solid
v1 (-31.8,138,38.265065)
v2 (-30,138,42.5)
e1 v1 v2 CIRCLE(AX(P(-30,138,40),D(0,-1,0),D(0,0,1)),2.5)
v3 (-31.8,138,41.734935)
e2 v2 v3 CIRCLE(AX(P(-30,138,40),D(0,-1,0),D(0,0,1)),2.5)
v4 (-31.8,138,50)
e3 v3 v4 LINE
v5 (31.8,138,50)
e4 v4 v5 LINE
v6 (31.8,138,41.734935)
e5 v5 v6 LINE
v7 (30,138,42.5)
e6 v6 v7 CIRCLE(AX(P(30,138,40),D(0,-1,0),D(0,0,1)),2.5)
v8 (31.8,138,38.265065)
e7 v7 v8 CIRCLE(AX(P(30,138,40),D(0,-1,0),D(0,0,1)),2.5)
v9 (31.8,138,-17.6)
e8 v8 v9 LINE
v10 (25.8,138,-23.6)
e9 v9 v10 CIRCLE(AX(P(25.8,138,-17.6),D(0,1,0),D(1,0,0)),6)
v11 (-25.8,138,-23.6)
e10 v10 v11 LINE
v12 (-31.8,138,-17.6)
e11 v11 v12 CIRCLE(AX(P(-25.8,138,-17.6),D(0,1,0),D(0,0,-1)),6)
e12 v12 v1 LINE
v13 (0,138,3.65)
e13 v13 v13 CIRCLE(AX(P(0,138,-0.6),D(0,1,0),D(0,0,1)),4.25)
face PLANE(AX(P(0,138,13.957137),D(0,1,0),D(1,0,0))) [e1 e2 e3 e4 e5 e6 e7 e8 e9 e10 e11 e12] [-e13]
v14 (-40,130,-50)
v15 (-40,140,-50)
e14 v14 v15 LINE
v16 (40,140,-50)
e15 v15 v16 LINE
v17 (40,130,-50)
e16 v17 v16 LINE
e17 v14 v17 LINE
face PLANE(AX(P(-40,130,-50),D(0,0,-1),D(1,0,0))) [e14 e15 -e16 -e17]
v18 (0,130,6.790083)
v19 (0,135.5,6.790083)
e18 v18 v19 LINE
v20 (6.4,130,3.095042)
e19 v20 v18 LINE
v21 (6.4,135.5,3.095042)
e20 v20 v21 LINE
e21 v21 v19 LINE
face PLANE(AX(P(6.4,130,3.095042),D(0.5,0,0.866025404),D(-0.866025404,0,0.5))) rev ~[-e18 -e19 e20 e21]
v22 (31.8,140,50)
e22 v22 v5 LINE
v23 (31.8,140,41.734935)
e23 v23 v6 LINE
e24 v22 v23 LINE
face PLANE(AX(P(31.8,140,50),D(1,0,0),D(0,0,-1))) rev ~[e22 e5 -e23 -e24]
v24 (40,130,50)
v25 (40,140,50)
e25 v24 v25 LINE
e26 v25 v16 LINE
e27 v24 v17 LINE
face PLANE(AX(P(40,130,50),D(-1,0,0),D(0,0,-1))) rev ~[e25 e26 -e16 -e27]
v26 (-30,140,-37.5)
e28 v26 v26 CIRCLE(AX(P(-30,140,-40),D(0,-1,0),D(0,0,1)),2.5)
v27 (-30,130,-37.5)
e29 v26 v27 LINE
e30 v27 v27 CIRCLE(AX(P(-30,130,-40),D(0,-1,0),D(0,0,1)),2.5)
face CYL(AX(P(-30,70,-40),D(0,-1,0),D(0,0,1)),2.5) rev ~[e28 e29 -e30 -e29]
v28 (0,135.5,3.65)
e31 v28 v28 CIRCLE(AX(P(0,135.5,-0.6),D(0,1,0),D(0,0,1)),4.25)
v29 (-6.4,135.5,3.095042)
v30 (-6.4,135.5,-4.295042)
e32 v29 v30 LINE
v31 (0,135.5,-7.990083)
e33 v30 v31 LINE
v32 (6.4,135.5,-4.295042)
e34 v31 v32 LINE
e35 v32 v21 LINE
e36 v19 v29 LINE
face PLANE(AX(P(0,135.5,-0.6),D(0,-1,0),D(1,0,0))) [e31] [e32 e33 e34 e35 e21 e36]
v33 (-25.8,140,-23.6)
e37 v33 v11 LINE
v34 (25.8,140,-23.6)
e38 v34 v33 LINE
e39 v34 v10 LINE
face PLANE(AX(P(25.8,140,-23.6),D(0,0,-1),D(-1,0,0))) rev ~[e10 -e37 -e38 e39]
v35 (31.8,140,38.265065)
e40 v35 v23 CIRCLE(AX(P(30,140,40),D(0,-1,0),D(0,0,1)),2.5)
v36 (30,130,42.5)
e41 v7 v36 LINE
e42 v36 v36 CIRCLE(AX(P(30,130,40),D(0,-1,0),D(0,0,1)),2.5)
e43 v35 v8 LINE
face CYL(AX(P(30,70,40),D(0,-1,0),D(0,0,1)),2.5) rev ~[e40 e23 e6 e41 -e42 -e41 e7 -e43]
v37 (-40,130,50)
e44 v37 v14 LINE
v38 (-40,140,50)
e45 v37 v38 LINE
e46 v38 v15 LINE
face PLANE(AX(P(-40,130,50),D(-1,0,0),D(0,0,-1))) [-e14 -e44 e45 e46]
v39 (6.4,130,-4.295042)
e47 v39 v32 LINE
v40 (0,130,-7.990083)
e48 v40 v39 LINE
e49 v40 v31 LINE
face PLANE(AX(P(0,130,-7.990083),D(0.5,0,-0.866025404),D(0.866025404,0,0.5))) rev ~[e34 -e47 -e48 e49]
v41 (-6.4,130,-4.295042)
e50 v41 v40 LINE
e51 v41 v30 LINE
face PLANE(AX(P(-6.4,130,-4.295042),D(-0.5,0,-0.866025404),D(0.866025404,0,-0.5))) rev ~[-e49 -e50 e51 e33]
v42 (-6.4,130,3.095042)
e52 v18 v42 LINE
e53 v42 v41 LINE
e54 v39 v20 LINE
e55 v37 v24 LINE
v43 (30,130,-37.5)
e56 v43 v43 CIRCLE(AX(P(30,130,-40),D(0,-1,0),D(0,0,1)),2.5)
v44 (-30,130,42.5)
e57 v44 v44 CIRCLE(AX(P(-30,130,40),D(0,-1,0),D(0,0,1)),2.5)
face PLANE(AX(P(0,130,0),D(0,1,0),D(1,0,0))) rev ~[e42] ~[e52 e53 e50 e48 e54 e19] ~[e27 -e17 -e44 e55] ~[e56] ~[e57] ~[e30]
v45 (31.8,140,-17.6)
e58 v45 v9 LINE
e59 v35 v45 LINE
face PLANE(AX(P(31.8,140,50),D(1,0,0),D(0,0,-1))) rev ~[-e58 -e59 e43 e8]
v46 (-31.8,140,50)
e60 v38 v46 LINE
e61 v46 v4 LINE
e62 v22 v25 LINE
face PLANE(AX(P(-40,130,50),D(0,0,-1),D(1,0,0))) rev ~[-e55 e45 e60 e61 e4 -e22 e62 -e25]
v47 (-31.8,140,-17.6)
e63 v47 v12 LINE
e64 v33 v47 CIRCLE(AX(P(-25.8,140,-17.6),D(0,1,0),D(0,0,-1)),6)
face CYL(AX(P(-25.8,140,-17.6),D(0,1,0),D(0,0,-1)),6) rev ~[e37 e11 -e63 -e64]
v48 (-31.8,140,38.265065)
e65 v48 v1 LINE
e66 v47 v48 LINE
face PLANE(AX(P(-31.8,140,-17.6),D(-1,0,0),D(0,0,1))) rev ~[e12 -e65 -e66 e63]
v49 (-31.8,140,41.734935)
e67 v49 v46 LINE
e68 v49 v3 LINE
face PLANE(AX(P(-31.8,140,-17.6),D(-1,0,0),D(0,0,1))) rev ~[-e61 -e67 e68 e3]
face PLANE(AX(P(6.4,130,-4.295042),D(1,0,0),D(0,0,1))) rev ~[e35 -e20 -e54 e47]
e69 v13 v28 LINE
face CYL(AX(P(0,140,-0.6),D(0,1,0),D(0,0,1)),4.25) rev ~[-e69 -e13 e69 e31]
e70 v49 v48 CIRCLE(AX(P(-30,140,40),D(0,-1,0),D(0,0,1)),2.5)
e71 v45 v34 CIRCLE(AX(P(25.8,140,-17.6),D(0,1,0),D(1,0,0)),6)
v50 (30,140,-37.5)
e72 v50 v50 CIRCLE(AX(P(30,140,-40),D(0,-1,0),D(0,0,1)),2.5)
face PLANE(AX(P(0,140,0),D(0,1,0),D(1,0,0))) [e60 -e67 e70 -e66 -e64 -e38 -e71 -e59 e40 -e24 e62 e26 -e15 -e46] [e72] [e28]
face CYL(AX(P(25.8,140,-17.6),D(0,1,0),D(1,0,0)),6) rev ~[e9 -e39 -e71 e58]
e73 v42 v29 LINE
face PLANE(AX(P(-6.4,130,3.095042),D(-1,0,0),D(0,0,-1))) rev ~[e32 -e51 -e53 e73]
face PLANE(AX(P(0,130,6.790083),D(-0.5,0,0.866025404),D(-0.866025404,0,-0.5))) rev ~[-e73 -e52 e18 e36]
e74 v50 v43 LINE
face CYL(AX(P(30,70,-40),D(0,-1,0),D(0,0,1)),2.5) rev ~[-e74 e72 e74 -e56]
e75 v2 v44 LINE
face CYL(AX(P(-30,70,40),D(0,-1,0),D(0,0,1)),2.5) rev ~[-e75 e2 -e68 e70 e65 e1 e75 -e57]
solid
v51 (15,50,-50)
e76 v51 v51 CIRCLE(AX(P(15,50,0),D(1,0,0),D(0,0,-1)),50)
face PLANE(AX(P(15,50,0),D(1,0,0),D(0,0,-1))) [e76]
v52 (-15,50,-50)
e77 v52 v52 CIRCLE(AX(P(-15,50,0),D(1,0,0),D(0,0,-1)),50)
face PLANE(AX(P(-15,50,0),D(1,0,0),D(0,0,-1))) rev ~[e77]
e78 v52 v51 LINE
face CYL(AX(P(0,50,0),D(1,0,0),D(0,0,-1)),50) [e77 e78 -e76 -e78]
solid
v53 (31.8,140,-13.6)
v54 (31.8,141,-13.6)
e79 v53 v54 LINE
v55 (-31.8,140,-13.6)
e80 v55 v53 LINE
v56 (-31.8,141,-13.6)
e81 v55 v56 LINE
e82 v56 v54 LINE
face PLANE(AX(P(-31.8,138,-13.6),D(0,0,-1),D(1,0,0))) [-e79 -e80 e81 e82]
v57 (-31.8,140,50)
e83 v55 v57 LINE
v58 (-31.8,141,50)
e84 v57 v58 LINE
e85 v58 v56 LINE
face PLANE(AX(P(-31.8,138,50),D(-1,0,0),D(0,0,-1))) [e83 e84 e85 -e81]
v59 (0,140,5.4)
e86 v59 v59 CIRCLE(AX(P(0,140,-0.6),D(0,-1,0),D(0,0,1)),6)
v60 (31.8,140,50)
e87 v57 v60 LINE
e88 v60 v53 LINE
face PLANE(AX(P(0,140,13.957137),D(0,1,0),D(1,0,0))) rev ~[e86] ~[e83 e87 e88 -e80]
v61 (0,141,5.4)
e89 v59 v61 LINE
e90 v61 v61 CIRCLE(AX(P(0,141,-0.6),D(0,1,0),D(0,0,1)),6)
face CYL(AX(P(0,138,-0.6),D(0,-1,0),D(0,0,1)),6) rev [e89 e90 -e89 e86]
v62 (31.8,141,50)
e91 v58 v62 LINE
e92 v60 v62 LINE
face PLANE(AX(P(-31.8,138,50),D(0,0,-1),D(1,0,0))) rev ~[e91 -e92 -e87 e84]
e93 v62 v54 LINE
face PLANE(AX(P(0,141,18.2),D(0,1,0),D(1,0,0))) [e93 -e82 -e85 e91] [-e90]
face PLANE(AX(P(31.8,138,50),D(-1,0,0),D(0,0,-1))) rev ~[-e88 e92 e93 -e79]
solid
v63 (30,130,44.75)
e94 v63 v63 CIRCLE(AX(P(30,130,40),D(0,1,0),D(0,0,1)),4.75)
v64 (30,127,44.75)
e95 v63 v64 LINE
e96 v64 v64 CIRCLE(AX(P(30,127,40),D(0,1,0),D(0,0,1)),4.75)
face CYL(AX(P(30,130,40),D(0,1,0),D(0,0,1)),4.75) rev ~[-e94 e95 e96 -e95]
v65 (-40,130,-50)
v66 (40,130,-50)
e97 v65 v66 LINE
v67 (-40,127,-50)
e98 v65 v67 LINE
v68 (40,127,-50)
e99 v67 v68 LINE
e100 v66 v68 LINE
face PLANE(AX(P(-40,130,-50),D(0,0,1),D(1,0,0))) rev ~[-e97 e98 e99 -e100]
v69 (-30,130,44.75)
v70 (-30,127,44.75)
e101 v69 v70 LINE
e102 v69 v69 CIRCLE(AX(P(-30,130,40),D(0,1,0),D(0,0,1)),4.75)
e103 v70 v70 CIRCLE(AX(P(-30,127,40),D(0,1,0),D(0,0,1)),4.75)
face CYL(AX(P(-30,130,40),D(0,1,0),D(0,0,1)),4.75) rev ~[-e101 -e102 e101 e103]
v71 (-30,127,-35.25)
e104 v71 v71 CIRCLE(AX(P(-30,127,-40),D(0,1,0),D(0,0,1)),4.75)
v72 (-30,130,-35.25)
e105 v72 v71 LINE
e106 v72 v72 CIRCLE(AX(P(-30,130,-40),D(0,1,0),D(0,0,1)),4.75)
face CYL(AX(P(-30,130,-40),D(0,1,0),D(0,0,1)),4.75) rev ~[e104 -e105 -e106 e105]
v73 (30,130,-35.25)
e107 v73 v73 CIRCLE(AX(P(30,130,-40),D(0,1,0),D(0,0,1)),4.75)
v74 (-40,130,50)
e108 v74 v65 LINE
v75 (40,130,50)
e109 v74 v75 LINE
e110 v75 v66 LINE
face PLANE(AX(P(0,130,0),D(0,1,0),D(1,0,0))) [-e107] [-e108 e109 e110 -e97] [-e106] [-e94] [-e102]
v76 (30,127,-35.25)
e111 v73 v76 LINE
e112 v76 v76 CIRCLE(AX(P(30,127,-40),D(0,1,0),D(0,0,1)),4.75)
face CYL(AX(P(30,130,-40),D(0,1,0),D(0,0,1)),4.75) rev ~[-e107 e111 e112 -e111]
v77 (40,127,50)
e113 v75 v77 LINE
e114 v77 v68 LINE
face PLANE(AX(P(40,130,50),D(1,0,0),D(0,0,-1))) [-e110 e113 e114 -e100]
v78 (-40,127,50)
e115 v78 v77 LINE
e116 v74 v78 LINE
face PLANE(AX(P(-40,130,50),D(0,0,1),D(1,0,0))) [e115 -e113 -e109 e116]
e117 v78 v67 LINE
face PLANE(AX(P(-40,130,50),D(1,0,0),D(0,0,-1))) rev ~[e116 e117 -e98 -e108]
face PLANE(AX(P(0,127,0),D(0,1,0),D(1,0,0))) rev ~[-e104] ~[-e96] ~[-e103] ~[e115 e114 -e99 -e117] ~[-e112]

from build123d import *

# Parameters (mm, degrees)
SKETCH1_R                  = 50
BOSS_EXTRUDE1_DEPTH        = 15
BOSS_EXTRUDE2_START        = 130
SKETCH2_W                  = 80
SKETCH2_H                  = 100
SKETCH2_R                  = 4.75
BOSS_EXTRUDE2_DEPTH        = 3
BOSS_EXTRUDE3_START        = 8
SKETCH3_W                  = 63.6
SKETCH3_H                  = 63.6
SKETCH3_R                  = 6
BOSS_EXTRUDE3_DEPTH        = 3
SKETCH4_W                  = 80
SKETCH4_H                  = 100
BOSS_EXTRUDE4_DEPTH        = 10
SKETCH6_W                  = 2.5
SKETCH6_H                  = 140
M6_TAPPED_HOLE1_AT_2_COUNT = 2
M6_TAPPED_HOLE1_AT_2_PITCH = 60
M6_TAPPED_HOLE1_AT_3_COUNT = 2
M6_TAPPED_HOLE1_AT_3_PITCH = 80
M6_TAPPED_HOLE1_AT_4_COUNT = 2
M6_TAPPED_HOLE1_AT_4_PITCH = 100
SKETCH7_R                  = 4.25
CUT_EXTRUDE1_DEPTH         = 154.948043183
CUT_EXTRUDE2_DEPTH         = 2
CUT_EXTRUDE3_DEPTH         = 5.5


with BuildPart() as part:
    # Sketch1 → Boss-Extrude1 (new, symmetric)
    with BuildSketch(Plane(origin=(0, 0, 0), x_dir=(0, 0, -1), z_dir=(1, 0, 0))):
        with Locations((0, 50)):
            Circle(SKETCH1_R)
    extrude(amount=BOSS_EXTRUDE1_DEPTH, both=True)


with BuildPart() as body_2:
    # Sketch2 → Boss-Extrude2 (new body)
    with BuildSketch(Plane(origin=(0, 0, 0), x_dir=(1, 0, 0), z_dir=(0, 1, 0)).offset(BOSS_EXTRUDE2_START)):
        Rectangle(SKETCH2_W, SKETCH2_H)
        with Locations(Location((-30, 40, 0), (0, 0, 270))):
            Circle(SKETCH2_R, mode=Mode.SUBTRACT)
        with Locations(Location((30, 40, 0), (0, 0, 270))):
            Circle(SKETCH2_R, mode=Mode.SUBTRACT)
        with Locations(Location((-30, -40, 0), (0, 0, 270))):
            Circle(SKETCH2_R, mode=Mode.SUBTRACT)
        with Locations(Location((30, -40, 0), (0, 0, 270))):
            Circle(SKETCH2_R, mode=Mode.SUBTRACT)
    extrude(amount=-BOSS_EXTRUDE2_DEPTH)


with BuildPart() as body_3:
    # Sketch3 → Boss-Extrude3 (new body)
    with BuildSketch(Plane(origin=(0, 130, 0), x_dir=(1, 0, 0), z_dir=(0, 1, 0)).offset(BOSS_EXTRUDE3_START)):
        with Locations((0, -18.2)):
            Rectangle(SKETCH3_W, SKETCH3_H)
        with Locations(Location((0, 0.6, 0), (0, 0, 270))):
            Circle(SKETCH3_R, mode=Mode.SUBTRACT)
    extrude(amount=BOSS_EXTRUDE3_DEPTH)


with BuildPart() as body_4:
    # Sketch4 → Boss-Extrude4 (new body)
    with BuildSketch(Plane(origin=(0, 130, 0), x_dir=(1, 0, 0), z_dir=(0, 1, 0))):
        Rectangle(SKETCH4_W, SKETCH4_H)
    extrude(amount=BOSS_EXTRUDE4_DEPTH)

    # Sketch6 → M6 Tapped Hole1 (revolve, cut)
    with BuildSketch(Plane(origin=(-30, 140, -40), x_dir=(0, 0, 1), z_dir=(1, 0, 0))):
        with Locations((1.25, 70)):
            Rectangle(SKETCH6_W, SKETCH6_H)
    m6_tapped_hole1 = revolve(axis=Axis((-30, 146.35, -40), (0, -1, 0)), mode=Mode.SUBTRACT)

    # M6 Tapped Hole1 at 2: M6 Tapped Hole1 ×2
    with Locations(*[(i * M6_TAPPED_HOLE1_AT_2_PITCH, 0, 0) for i in range(1, M6_TAPPED_HOLE1_AT_2_COUNT)]):
        add(m6_tapped_hole1, mode=Mode.SUBTRACT)

    # M6 Tapped Hole1 at 3: M6 Tapped Hole1 ×2
    with Locations(*[(0, 0, i * M6_TAPPED_HOLE1_AT_3_PITCH) for i in range(1, M6_TAPPED_HOLE1_AT_3_COUNT)]):
        add(m6_tapped_hole1, mode=Mode.SUBTRACT)

    # M6 Tapped Hole1 at 4: M6 Tapped Hole1 ×2
    with Locations(*[Vector(0.6, 0, 0.8) * (i * M6_TAPPED_HOLE1_AT_4_PITCH) for i in range(1, M6_TAPPED_HOLE1_AT_4_COUNT)]):
        add(m6_tapped_hole1, mode=Mode.SUBTRACT)

    # Sketch7 → Cut-Extrude1 (cut, through all)
    with BuildSketch(Plane(origin=(0, 140, 0), x_dir=(1, 0, 0), z_dir=(0, 1, 0))):
        with Locations(Location((0, 0.6, 0), (0, 0, 270))):
            Circle(SKETCH7_R)
    extrude(amount=-CUT_EXTRUDE1_DEPTH, mode=Mode.SUBTRACT)


with BuildPart() as cut_extrude2_tool:
    # Sketch8 → Cut-Extrude2 (new body)
    with BuildSketch(Plane(origin=(0, 140, 0), x_dir=(1, 0, 0), z_dir=(0, 1, 0))):
        with BuildLine():
            Line((-31.8, -50), (31.8, -50))
            Line((31.8, -50), (31.8, 17.6))
            ThreePointArc((31.8, 17.6), (30.042640687, 21.842640687), (25.8, 23.6))
            Line((25.8, 23.6), (-25.8, 23.6))
            ThreePointArc((-25.8, 23.6), (-30.042640687, 21.842640687), (-31.8, 17.6))
            Line((-31.8, 17.6), (-31.8, -50))
        make_face()
    extrude(amount=-CUT_EXTRUDE2_DEPTH)


with BuildPart() as body_3_1:
    add(body_3.part)

    # Cut-Extrude2: cut by cut_extrude2_tool
    add(cut_extrude2_tool.part, mode=Mode.SUBTRACT)


with BuildPart() as body_4_1:
    add(body_4.part)

    # Cut-Extrude2: cut by cut_extrude2_tool
    add(cut_extrude2_tool.part, mode=Mode.SUBTRACT)

    # Sketch9 → Cut-Extrude3 (cut)
    with BuildSketch(Plane.XZ.offset(-130)):
        Polygon((0, 6.790083446), (-6.4, 3.095041723), (-6.4, -4.295041723), (0, -7.990083446), (6.4, -4.295041723), (6.4, 3.095041723), align=None)
    extrude(amount=-CUT_EXTRUDE3_DEPTH, mode=Mode.SUBTRACT)


solid = Compound([part.part, body_2.part, body_3_1.part, body_4_1.part])
